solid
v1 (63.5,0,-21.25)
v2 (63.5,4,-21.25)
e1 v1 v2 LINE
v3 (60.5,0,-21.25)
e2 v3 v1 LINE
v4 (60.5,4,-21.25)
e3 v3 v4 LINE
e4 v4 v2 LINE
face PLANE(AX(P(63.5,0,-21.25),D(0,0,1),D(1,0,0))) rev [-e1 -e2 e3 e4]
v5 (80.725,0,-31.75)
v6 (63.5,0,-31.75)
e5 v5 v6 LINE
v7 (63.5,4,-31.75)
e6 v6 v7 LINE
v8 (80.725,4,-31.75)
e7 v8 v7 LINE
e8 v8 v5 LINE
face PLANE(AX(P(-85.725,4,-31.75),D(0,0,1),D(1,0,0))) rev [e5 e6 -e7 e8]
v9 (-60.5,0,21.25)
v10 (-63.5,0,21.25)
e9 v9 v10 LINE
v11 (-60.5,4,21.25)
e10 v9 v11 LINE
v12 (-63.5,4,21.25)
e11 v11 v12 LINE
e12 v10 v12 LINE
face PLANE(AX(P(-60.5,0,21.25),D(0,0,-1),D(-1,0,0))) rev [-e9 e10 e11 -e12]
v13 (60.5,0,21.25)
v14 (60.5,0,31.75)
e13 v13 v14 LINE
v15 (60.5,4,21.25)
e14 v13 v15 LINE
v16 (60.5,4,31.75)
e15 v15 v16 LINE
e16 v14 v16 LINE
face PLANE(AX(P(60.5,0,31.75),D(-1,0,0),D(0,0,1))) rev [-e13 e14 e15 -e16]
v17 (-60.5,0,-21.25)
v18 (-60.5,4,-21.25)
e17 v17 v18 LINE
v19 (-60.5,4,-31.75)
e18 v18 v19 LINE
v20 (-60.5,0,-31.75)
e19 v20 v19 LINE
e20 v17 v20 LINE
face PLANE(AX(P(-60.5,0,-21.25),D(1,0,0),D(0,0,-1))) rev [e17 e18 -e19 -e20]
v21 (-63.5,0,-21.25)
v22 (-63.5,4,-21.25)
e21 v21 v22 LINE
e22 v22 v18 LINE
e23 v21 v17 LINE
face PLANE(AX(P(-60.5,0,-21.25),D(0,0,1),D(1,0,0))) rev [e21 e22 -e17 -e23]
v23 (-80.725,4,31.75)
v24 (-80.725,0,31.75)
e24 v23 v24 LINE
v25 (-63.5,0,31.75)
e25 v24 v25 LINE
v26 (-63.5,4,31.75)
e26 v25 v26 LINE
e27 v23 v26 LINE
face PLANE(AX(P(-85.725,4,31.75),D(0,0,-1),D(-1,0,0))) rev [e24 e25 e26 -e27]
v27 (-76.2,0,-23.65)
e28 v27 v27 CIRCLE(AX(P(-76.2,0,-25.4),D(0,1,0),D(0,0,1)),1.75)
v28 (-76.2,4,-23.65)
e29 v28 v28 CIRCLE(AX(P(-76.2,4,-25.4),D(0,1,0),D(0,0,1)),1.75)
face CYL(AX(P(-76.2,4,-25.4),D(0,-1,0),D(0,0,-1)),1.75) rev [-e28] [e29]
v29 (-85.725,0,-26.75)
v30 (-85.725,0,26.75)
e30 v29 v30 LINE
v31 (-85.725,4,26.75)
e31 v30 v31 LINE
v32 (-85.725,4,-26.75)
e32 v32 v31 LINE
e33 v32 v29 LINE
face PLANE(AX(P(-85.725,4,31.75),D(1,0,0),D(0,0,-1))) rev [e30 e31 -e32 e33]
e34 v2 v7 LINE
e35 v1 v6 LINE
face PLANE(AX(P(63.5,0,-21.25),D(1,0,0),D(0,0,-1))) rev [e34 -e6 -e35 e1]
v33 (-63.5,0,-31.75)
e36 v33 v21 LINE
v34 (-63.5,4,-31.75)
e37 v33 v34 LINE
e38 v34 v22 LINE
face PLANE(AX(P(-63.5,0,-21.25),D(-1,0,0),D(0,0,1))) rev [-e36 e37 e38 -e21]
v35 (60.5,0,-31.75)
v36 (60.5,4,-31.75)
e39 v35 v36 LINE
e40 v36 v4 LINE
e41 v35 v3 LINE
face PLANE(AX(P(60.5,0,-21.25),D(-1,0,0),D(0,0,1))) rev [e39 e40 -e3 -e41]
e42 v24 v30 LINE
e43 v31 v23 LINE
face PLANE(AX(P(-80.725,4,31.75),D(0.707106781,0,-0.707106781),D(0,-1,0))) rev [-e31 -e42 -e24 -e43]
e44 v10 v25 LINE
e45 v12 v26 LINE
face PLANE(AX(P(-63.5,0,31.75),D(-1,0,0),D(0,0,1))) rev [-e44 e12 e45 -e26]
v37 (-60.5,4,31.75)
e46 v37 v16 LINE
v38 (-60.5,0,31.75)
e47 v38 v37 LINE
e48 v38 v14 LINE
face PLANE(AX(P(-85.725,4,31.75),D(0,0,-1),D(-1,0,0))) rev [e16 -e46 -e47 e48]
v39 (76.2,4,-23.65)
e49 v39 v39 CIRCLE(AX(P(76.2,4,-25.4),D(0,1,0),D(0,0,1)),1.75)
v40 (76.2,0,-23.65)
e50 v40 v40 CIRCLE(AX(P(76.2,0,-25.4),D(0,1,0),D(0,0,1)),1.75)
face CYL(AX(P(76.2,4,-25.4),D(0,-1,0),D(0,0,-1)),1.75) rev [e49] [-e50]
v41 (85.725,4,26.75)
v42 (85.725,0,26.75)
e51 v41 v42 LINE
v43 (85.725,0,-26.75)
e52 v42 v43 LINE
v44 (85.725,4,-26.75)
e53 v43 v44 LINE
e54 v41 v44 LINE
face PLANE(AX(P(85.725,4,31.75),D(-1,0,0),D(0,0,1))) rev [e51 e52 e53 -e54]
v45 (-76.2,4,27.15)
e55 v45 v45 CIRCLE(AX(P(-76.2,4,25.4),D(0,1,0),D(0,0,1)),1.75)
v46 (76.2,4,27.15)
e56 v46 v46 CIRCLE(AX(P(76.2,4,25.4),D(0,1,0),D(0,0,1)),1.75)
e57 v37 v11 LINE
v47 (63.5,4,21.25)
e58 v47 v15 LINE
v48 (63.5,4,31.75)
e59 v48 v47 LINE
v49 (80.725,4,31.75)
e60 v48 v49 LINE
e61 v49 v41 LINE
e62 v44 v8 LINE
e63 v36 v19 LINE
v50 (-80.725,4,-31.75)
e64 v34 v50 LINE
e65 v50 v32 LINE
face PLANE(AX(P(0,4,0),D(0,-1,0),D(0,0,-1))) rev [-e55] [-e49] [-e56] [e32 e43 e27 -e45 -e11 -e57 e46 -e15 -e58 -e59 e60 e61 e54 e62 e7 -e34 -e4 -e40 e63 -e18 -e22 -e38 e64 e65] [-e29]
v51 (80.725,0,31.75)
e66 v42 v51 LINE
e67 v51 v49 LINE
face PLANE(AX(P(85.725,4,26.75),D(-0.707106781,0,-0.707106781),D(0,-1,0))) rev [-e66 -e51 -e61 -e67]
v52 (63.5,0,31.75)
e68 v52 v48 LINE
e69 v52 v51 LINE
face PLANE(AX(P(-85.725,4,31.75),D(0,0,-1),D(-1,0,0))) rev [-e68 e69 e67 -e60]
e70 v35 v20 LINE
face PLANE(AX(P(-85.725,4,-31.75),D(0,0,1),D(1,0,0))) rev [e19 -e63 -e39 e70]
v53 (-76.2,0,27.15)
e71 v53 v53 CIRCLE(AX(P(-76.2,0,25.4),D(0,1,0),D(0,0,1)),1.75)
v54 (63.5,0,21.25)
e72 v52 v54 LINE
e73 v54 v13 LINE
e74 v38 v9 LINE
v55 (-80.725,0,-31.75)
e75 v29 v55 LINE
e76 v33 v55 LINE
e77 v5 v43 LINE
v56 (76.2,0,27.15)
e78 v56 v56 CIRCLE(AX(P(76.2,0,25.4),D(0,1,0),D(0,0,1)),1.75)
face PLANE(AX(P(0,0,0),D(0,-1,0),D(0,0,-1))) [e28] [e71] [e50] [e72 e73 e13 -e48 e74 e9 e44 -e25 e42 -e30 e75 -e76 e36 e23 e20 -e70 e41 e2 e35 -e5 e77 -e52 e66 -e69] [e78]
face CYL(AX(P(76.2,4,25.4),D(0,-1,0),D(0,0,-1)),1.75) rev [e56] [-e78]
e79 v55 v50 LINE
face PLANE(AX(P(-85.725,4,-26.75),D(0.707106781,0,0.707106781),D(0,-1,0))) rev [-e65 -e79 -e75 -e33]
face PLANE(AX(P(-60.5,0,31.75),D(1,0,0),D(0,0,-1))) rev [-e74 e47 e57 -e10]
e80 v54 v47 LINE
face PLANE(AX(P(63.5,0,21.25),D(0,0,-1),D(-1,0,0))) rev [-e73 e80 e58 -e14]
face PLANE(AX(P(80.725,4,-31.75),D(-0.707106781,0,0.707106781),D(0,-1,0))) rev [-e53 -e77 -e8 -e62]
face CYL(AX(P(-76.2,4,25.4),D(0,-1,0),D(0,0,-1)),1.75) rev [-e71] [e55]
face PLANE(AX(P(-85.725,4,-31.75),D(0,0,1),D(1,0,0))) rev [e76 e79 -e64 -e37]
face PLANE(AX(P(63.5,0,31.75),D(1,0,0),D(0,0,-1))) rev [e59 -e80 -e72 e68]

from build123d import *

# Parameters (mm, degrees)
SKETCH1_W           = 171.45
SKETCH1_H           = 63.5
SKETCH1_R           = 1.75
BOSS_EXTRUDE1_DEPTH = 4
CHAMFER1_SIZE       = 5
SKETCH3_W           = 3
SKETCH3_H           = 10.5
CUT_EXTRUDE2_DEPTH  = 4


with BuildPart() as part:
    # Sketch1 → Boss-Extrude1 (new body)
    with BuildSketch(Plane(origin=(0, 0, 0), x_dir=(1, 0, 0), z_dir=(0, 1, 0))):
        Rectangle(SKETCH1_W, SKETCH1_H)
        with Locations(Location((-76.2, 25.4, 0), (0, 0, 270))):
            Circle(SKETCH1_R, mode=Mode.SUBTRACT)
        with Locations(Location((-76.2, -25.4, 0), (0, 0, 270))):
            Circle(SKETCH1_R, mode=Mode.SUBTRACT)
        with Locations(Location((76.2, 25.4, 0), (0, 0, 270))):
            Circle(SKETCH1_R, mode=Mode.SUBTRACT)
        with Locations(Location((76.2, -25.4, 0), (0, 0, 270))):
            Circle(SKETCH1_R, mode=Mode.SUBTRACT)
    extrude(amount=BOSS_EXTRUDE1_DEPTH)

    # Chamfer1
    chamfer1_edges = [part.edges().sort_by_distance(p)[0] for p in [
        (85.725, 2, 31.75),
        (-85.725, 2, 31.75),
        (-85.725, 2, -31.75),
        (85.725, 2, -31.75),
    ]]
    chamfer(chamfer1_edges, length=CHAMFER1_SIZE)

    # Sketch3 → Cut-Extrude2 (cut)
    with BuildSketch(Plane(origin=(0, 4, 0), x_dir=(1, 0, 0), z_dir=(0, 1, 0))):
        with Locations((62, -26.5)):
            Rectangle(SKETCH3_W, SKETCH3_H)
        with Locations((62, 26.5)):
            Rectangle(SKETCH3_W, SKETCH3_H)
        with Locations((-62, -26.5)):
            Rectangle(SKETCH3_W, SKETCH3_H)
        with Locations((-62, 26.5)):
            Rectangle(SKETCH3_W, SKETCH3_H)
    extrude(amount=-CUT_EXTRUDE2_DEPTH, mode=Mode.SUBTRACT)


solid = part.part
